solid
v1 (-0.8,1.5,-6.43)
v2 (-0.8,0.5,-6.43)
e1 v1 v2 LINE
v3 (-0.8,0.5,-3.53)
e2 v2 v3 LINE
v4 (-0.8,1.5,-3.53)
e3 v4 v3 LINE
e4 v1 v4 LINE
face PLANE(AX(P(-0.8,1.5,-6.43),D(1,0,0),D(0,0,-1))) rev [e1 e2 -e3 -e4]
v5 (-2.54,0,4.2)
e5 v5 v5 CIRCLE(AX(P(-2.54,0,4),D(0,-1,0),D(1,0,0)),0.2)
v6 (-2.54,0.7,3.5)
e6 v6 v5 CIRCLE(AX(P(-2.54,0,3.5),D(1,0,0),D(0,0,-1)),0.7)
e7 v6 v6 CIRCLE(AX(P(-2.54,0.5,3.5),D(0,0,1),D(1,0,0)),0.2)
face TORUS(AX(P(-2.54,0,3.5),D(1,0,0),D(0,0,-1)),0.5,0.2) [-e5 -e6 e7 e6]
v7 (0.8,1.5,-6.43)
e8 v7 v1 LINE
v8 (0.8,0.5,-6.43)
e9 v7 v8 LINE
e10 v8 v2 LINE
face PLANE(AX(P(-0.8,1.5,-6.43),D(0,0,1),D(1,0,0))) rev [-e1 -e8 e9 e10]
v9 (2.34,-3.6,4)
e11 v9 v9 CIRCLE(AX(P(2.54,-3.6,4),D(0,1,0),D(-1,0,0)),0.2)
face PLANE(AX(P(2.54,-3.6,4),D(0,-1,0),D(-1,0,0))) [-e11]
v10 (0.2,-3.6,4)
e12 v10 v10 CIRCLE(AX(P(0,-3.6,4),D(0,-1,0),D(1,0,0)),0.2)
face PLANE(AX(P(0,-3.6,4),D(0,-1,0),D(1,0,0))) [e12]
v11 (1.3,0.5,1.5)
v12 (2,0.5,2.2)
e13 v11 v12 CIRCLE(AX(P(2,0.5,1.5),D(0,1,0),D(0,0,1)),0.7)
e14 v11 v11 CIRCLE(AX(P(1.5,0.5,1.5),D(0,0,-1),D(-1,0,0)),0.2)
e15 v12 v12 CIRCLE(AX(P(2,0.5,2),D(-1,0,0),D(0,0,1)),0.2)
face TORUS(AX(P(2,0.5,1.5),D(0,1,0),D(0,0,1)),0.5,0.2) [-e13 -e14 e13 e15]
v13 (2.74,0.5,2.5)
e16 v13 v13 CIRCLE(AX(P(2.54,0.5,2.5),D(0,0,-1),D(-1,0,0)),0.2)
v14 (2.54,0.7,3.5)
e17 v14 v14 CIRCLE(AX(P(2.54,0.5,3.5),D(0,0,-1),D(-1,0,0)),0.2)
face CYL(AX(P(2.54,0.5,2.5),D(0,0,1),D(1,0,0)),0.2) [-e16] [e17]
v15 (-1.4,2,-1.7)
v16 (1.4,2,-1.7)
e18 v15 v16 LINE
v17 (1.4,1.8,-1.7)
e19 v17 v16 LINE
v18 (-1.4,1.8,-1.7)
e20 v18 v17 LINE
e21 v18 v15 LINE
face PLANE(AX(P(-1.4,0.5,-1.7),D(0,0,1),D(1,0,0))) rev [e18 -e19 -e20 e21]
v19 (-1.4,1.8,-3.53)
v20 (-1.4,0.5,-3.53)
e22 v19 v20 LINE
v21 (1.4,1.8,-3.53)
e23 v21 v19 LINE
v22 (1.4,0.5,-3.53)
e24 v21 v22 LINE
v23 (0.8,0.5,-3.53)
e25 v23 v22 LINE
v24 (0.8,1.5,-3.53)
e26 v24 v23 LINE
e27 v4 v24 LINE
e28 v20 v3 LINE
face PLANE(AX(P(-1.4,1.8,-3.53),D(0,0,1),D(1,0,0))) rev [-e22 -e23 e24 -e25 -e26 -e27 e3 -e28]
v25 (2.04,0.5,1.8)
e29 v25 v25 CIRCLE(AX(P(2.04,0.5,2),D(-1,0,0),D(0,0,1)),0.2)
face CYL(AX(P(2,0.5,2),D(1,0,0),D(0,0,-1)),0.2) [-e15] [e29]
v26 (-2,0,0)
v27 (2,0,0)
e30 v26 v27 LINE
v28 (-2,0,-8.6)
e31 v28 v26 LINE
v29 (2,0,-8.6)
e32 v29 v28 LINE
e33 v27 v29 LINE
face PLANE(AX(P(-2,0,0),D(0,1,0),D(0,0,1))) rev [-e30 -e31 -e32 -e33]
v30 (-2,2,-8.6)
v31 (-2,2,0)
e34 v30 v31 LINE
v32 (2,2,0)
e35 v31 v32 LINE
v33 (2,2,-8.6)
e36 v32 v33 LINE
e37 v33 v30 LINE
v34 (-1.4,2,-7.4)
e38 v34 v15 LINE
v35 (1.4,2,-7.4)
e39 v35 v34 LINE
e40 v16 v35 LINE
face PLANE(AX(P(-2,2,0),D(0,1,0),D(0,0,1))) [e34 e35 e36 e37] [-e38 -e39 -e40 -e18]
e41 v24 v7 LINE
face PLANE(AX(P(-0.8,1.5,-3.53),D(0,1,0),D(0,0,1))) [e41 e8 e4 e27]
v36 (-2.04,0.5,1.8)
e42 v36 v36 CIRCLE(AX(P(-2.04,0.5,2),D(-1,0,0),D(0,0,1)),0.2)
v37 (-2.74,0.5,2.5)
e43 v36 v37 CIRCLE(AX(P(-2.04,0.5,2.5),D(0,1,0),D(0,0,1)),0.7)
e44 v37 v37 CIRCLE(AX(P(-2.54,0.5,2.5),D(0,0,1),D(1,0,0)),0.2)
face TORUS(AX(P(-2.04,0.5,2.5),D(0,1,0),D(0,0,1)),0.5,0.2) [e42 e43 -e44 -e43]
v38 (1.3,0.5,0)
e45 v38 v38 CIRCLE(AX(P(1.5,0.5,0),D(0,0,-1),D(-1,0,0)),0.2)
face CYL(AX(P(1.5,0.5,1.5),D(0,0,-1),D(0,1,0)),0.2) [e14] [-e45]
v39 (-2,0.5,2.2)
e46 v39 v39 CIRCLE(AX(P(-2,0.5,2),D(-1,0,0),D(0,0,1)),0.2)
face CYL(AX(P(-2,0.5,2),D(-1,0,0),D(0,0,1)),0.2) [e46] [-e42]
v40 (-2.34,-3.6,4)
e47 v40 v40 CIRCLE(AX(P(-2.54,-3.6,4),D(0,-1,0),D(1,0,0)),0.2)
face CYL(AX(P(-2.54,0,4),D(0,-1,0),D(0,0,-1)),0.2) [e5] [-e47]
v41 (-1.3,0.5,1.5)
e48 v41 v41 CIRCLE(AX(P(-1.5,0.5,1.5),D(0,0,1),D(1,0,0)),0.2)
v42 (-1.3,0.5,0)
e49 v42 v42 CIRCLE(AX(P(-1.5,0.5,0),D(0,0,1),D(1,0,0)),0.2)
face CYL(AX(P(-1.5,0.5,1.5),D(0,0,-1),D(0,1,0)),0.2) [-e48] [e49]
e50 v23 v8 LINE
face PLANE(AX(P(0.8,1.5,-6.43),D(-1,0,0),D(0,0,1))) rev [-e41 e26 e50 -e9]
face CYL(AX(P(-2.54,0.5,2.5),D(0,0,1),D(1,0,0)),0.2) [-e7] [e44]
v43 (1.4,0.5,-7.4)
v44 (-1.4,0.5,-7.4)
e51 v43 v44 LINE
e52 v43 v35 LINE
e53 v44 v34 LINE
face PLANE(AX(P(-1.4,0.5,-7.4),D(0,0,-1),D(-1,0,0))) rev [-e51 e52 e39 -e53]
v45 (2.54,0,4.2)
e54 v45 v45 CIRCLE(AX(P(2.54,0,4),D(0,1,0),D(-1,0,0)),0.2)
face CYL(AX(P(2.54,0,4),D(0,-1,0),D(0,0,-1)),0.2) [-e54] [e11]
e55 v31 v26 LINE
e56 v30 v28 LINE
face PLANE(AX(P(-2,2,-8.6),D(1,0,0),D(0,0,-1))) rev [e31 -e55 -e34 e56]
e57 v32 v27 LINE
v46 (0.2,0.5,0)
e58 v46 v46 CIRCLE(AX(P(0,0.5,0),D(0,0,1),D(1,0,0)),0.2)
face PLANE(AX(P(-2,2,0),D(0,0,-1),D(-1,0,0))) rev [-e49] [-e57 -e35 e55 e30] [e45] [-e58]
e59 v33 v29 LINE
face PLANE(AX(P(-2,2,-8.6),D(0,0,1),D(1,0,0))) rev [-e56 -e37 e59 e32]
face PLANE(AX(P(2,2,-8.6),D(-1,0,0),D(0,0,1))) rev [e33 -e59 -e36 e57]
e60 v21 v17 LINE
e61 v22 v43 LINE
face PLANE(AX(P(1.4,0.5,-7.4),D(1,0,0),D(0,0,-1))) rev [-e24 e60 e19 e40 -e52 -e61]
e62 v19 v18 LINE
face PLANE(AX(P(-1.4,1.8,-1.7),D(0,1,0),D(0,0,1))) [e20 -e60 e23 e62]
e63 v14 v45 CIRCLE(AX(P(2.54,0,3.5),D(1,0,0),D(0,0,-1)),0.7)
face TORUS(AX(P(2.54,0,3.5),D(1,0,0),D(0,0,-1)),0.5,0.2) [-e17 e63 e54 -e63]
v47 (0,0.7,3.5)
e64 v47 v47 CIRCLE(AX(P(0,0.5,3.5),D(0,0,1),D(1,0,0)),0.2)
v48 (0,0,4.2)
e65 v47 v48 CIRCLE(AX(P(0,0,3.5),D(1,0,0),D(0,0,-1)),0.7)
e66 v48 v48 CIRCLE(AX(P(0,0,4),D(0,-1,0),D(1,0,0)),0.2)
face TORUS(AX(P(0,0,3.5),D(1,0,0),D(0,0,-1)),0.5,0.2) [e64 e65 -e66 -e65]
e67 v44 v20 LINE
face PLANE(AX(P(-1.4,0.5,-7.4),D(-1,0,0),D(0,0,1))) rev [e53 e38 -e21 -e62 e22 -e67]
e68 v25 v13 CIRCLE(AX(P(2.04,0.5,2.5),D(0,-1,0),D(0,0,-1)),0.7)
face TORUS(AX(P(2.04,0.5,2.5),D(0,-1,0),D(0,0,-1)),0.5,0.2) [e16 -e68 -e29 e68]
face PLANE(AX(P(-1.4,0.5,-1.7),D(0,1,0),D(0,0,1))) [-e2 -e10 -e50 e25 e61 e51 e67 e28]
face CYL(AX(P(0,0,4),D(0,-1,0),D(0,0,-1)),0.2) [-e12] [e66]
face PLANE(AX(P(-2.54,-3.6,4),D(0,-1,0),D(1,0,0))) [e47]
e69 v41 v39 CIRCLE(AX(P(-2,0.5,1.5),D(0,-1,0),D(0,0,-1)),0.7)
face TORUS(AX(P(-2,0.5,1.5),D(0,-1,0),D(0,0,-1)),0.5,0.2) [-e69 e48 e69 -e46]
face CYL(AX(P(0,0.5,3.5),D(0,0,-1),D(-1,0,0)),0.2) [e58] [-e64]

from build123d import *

# Parameters (mm, degrees)
ESQUISSE1_W             = 4
ESQUISSE1_H             = 8.6
EXTRUSION1_DEPTH        = 2
ESQUISSE3_W             = 2.8
ESQUISSE3_H             = 5.7
ENL_V_MAT_EXTRU_1_DEPTH = 1.5
ESQUISSE4_W             = 2.801496874
ESQUISSE4_H             = 1.83
EXTRUSION2_DEPTH        = 1.3
ESQUISSE5_W             = 1.6
ESQUISSE5_H             = 2.9
EXTRUSION3_DEPTH        = 1
ESQUISSE6_R             = 0.2
ESQUISSE8_R             = 0.2


with BuildPart() as part:
    # Esquisse1 → Extrusion1 (new body)
    with BuildSketch(Plane(origin=(0, 0, 0), x_dir=(1, 0, 0), z_dir=(0, 1, 0))):
        with Locations((0, 4.3)):
            Rectangle(ESQUISSE1_W, ESQUISSE1_H)
    extrude(amount=EXTRUSION1_DEPTH)

    # Esquisse3 → Enlèv. mat.-Extru.1 (cut)
    with BuildSketch(Plane(origin=(0, 2, 0), x_dir=(-1, 0, 0), z_dir=(0, 1, 0))):
        with Locations((0, -4.55)):
            Rectangle(ESQUISSE3_W, ESQUISSE3_H)
    extrude(amount=-ENL_V_MAT_EXTRU_1_DEPTH, mode=Mode.SUBTRACT)

    # Esquisse4 → Extrusion2 (add)
    with BuildSketch(Plane(origin=(0, 0.5, 0), x_dir=(-1, 0, 0), z_dir=(0, 1, 0))):
        with Locations((-0.000748437, -2.615)):
            Rectangle(ESQUISSE4_W, ESQUISSE4_H)
    extrude(amount=EXTRUSION2_DEPTH)

    # Esquisse5 → Extrusion3 (add)
    with BuildSketch(Plane(origin=(0, 0.5, 0), x_dir=(-1, 0, 0), z_dir=(0, 1, 0))):
        with Locations((0, -4.98)):
            Rectangle(ESQUISSE5_W, ESQUISSE5_H)
    extrude(amount=EXTRUSION3_DEPTH)

    # Balayage1: sweep along a path in Esquisse7
    with BuildLine(Plane(origin=(0, 0, 0), x_dir=(0, 0, -1), z_dir=(1, 0, 0))) as balayage1_path:
        Line((0, 0.5), (-3.5, 0.5))
        ThreePointArc((-3.5, 0.5), (-3.853553391, 0.353553391), (-4, 0))
        Line((-4, 0), (-4, -3.6))
    # Esquisse6 → Balayage1 (sweep)
    with BuildSketch(Plane.XY):
        with Locations((0, 0.5)):
            Circle(ESQUISSE6_R)
    sweep(path=balayage1_path.line)

    # Balayage2: sweep along a curve in space
    with BuildLine() as balayage2_path:
        Line((-1.5, 0.5, 0), (-1.5, 0.5, 1.5))
        ThreePointArc((-1.5, 0.5, 1.5), (-1.646446609, 0.5, 1.853553391), (-2, 0.5, 2))
        Line((-2, 0.5, 2), (-2.04, 0.5, 2))
        ThreePointArc((-2.04, 0.5, 2), (-2.393553391, 0.5, 2.146446609), (-2.54, 0.5, 2.5))
        Line((-2.54, 0.5, 2.5), (-2.54, 0.5, 3.5))
        ThreePointArc((-2.54, 0.5, 3.5), (-2.54, 0.353553391, 3.853553391), (-2.54, 0, 4))
        Line((-2.54, 0, 4), (-2.54, -3.6, 4))
    # Esquisse8 → Balayage2 (sweep)
    with BuildSketch(Plane.XY):
        with Locations((-1.5, 0.5)):
            Circle(ESQUISSE8_R)
    balayage2 = sweep(path=balayage2_path.line)

    # Symétrie1: Balayage2 across plane
    add(balayage2.mirror(Plane(origin=(0, 0, 0), x_dir=(0, 0, 1), z_dir=(1, 0, 0))))


solid = part.part
